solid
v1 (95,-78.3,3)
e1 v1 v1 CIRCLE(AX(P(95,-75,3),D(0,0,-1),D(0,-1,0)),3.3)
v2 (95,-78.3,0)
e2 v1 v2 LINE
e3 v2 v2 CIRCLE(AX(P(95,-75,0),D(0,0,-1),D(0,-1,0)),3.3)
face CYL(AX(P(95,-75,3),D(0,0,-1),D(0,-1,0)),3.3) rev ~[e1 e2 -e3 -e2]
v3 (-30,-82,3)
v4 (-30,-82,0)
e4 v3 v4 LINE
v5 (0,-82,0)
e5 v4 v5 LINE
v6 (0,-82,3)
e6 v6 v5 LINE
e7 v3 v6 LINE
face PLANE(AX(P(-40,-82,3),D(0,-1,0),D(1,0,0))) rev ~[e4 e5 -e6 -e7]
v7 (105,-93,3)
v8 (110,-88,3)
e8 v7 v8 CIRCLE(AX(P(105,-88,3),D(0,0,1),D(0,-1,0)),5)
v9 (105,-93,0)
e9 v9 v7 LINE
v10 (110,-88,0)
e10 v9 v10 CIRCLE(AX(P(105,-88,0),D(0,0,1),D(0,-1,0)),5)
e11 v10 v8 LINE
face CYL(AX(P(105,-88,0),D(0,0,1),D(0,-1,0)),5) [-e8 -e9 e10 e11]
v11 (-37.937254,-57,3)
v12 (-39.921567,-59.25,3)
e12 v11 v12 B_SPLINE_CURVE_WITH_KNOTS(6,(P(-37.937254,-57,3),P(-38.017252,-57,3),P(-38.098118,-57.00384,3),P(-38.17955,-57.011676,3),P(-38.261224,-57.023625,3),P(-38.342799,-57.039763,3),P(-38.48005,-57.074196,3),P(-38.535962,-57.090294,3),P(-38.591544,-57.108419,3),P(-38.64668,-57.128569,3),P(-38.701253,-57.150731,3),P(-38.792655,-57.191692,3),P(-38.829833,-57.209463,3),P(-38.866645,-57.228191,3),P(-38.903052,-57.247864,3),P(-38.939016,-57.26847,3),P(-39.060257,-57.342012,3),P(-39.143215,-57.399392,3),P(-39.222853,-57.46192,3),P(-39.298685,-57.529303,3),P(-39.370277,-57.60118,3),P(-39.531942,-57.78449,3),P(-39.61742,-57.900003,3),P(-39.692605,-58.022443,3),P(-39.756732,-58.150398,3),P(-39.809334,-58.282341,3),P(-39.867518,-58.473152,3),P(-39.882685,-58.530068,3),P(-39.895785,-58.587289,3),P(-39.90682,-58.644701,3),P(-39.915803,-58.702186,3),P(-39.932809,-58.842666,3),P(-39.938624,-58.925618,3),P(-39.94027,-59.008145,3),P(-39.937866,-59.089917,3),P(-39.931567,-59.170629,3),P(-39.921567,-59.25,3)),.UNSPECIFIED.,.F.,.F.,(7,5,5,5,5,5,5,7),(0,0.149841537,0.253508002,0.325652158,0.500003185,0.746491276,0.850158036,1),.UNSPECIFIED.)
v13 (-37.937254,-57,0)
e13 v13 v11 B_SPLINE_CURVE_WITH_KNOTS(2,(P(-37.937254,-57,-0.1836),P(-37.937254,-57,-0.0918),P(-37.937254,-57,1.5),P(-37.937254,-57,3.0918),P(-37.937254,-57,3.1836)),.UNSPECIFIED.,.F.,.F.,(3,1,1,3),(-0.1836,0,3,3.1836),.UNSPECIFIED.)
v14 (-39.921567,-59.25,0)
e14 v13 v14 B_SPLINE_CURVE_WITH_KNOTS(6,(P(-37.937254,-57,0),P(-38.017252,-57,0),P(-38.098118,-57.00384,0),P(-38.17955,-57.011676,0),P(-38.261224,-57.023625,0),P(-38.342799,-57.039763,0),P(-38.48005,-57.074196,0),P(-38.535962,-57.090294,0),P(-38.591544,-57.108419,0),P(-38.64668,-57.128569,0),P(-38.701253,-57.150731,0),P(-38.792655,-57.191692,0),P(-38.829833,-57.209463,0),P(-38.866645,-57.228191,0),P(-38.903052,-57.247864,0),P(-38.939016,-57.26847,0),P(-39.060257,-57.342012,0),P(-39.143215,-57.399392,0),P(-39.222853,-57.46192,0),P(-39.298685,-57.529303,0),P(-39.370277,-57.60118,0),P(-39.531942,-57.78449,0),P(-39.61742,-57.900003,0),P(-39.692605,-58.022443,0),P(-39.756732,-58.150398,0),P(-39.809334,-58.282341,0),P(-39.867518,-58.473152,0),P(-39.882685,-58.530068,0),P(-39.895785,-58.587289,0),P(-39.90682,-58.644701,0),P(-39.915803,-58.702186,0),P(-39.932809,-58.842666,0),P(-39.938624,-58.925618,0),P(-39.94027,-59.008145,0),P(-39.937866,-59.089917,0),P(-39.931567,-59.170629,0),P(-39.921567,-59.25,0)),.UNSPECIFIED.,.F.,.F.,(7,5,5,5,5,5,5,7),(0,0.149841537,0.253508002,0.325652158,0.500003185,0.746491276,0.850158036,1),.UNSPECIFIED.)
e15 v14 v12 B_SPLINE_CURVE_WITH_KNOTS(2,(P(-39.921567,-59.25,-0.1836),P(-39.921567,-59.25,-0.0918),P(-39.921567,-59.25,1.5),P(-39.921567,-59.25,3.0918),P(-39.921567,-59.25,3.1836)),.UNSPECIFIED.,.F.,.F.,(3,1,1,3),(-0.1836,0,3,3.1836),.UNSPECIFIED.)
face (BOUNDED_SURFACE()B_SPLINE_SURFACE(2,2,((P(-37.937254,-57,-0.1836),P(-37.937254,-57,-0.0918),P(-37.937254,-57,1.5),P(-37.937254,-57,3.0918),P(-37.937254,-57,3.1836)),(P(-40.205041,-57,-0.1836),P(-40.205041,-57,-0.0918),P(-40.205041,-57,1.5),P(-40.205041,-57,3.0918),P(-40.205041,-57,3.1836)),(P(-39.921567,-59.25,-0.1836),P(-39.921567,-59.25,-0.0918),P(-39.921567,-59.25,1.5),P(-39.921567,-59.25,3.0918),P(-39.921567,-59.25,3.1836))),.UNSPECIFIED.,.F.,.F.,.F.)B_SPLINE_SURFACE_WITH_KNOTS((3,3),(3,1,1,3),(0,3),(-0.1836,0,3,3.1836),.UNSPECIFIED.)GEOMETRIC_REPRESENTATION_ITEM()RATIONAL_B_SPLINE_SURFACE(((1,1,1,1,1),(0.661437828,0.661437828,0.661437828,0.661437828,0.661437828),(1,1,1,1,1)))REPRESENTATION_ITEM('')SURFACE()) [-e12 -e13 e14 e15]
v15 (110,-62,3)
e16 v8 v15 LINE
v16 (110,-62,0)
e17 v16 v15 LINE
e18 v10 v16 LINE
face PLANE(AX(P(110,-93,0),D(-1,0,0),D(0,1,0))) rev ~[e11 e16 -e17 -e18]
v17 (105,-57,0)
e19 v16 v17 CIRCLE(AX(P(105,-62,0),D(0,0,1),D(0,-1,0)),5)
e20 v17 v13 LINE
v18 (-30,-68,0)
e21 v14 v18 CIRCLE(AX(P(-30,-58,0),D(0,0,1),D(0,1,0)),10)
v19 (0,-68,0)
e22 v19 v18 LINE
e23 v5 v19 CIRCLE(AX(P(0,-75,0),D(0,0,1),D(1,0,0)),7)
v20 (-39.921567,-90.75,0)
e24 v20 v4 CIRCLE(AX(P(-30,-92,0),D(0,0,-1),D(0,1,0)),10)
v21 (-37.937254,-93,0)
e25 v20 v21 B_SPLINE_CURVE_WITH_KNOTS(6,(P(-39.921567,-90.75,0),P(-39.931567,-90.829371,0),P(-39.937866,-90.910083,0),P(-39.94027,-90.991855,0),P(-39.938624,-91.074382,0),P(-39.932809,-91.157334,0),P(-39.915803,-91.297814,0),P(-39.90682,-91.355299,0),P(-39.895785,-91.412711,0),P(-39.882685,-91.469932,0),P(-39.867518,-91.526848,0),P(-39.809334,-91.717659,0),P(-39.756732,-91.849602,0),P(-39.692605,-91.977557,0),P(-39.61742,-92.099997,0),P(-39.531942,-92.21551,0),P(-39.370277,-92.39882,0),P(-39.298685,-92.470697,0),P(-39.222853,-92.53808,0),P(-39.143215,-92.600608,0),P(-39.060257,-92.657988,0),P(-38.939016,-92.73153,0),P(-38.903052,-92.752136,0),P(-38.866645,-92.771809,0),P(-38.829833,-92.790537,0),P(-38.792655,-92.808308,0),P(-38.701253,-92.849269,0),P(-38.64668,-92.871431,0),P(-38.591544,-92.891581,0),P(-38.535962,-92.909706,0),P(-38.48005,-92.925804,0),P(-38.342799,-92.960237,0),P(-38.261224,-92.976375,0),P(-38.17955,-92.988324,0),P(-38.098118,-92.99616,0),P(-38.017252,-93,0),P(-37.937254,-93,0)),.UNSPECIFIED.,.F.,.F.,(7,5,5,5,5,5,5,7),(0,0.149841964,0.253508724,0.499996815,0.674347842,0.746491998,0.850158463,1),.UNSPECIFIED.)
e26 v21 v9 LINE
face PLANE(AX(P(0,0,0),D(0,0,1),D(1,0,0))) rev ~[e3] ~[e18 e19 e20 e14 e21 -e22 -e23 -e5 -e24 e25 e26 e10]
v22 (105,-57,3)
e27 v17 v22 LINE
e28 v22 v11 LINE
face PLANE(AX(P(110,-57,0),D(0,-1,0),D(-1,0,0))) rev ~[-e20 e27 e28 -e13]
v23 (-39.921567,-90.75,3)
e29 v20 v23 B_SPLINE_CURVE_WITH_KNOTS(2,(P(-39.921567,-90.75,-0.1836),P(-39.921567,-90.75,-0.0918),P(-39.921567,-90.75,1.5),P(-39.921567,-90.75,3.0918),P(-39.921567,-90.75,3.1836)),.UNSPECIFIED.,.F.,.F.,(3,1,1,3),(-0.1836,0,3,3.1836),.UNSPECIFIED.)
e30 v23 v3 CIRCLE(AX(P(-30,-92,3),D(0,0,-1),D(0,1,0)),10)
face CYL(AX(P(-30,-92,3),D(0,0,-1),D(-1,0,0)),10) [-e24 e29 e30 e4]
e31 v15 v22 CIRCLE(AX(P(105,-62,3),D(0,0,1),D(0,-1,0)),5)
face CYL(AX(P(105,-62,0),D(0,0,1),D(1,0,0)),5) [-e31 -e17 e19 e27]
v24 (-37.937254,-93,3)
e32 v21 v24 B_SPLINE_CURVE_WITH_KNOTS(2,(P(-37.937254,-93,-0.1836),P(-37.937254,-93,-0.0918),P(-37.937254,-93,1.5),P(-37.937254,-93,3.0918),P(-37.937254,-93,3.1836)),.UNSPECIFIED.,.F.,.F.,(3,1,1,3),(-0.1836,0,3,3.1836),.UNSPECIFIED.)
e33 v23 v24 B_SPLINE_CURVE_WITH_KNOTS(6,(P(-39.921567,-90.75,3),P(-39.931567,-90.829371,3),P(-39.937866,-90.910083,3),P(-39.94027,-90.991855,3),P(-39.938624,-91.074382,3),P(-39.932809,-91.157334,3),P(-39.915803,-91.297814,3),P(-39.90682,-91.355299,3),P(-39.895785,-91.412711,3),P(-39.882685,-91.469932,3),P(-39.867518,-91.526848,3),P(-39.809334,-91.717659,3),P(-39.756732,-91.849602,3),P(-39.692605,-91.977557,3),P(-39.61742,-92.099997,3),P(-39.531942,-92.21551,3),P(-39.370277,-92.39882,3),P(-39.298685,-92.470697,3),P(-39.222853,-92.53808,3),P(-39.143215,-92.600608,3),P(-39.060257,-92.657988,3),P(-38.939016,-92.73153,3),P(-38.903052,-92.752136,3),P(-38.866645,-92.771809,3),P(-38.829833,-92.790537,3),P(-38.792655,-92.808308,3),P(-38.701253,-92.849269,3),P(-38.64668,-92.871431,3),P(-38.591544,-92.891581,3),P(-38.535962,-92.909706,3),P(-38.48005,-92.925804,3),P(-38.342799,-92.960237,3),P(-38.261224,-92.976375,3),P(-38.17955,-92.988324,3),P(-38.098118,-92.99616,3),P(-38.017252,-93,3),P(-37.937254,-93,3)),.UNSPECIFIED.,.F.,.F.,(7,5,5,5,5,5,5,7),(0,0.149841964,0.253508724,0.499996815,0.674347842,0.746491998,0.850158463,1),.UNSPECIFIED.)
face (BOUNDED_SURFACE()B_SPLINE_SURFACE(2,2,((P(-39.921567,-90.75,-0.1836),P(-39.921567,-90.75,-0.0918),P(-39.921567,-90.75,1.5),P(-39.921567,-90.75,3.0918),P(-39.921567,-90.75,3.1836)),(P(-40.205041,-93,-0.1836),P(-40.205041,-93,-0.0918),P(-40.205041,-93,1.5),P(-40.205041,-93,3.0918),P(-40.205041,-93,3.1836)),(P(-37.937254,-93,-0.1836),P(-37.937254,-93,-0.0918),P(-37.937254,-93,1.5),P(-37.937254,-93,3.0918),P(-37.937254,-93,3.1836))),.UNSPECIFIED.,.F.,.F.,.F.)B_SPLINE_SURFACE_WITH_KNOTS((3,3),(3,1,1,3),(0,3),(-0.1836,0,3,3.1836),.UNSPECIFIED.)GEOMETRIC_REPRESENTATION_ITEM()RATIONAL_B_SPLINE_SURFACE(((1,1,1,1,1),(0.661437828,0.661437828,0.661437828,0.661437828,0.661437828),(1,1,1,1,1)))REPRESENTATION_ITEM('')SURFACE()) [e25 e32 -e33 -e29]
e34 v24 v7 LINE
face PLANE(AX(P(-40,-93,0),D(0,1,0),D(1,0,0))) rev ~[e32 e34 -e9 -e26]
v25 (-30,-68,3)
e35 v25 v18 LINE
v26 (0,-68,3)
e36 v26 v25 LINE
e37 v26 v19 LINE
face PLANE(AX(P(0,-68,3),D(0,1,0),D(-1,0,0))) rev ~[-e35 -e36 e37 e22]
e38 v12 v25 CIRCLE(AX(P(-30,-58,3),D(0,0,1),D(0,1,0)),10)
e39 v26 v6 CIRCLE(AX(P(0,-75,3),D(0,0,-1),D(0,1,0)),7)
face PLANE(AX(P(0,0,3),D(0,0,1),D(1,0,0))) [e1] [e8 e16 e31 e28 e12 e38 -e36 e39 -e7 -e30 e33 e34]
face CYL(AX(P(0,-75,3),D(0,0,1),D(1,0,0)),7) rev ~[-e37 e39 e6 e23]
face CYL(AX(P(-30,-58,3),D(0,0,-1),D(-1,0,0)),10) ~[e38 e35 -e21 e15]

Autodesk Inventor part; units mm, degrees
ref_plane "YZ Plane" through (0, 0, 0) normal (1, 0, 0) x (0, 1, 0)
ref_plane "XZ Plane" through (0, 0, 0) normal (0, 1, 0) x (-1, 0, 0)
ref_plane "XY Plane" through (0, 0, 0) normal (0, 0, 1) x (1, 0, 0)
ref_plane "作業平面1" through (0, 0, 0) normal (0, 0, 1) x (1, 0, 0)
sketch "スケッチ2" plane through (0, 0, 0) normal (0, 0, 1) x (1, 0, 0)
  line L0 (110, -57) -> (-40, -57)
  line L1 (-40, -57) -> (-40, -93)
  line L2 (-40, -93) -> (110, -93)
  line L3 (110, -93) -> (110, -57)
  circle A0 centre (0, -75) radius 6 construction
  circle A1 centre (0, -75) radius 75 construction
  point P0 (0, 0)
  dimension "d1" = 150
  dimension "d2" = 18
  dimension "d3" = 18
  dimension "d4" = 40
  dimension "d29" = 110
extrude "押し出し1" add sketch "スケッチ2" along normal blind 3
sketch "スケッチ3" plane through (0, 0, 3) normal (0, 0, 1) x (1, 0, 0)
  circle A0 centre (0, -75) radius 6 construction
  circle A1 centre (0, -75) radius 7
  line L0 (0, -68) -> (-38.1, -68) construction
  line L1 (-38.1, -68) -> (-38.1, -82) construction
  line L2 (-38.1, -82) -> (0, -82) construction
  line L3 (0, -82) -> (0, -68) construction
  line L4 (0, -68) -> (-40, -68)
  line L5 (-40, -68) -> (-40, -82)
  line L6 (-40, -82) -> (0, -82)
  line L7 (0, -82) -> (0, -68)
  line L8 (-40, -57) -> (-40, -93) projected
  point P0 (0, 0)
  point P1 (0, -82)
  dimension "d8" = 14
extrude "押し出し2" cut sketch "スケッチ3" against normal blind 14
fillet "フィレット1" radius 10 2 edges at (-40, -68, 1.5) (-40, -82, 1.5)
ref_plane "作業平面2" through (-40, -75, 0) normal (0, -1, 0) x (1, 0, 0)
sketch "スケッチ4" plane through (0, 0, 3) normal (0, 0, 1) x (1, 0, 0)
  line L0 (-40, -93) -> (110, -93) projected
  line L1 (110, -57) -> (-40, -57) projected
  line L2 (110, -93) -> (110, -57) projected
  point P0 (0, 0)
  point P1 (95, -75)
  dimension "d25" = 15
  dimension "d26" = 36
  dimension "d27" = 18
hole "穴1" at (95, -75, 3) direction (0, 0, -1) diameter 6.6 end through all
fillet "フィレット2" radius 5 2 edges at (110, -57, 1.5) (110, -93, 1.5)
fillet "フィレット2" radius 2 2 edges at (-40, -57, 1.5) (-40, -93, 1.5)
equation "\"d3\" = d2"
equation "\"d9\" = d8"
equation "\"d27\" = 0.5 * d26"
properties part number "wheel_mount" material "アルミニウム 6061"
